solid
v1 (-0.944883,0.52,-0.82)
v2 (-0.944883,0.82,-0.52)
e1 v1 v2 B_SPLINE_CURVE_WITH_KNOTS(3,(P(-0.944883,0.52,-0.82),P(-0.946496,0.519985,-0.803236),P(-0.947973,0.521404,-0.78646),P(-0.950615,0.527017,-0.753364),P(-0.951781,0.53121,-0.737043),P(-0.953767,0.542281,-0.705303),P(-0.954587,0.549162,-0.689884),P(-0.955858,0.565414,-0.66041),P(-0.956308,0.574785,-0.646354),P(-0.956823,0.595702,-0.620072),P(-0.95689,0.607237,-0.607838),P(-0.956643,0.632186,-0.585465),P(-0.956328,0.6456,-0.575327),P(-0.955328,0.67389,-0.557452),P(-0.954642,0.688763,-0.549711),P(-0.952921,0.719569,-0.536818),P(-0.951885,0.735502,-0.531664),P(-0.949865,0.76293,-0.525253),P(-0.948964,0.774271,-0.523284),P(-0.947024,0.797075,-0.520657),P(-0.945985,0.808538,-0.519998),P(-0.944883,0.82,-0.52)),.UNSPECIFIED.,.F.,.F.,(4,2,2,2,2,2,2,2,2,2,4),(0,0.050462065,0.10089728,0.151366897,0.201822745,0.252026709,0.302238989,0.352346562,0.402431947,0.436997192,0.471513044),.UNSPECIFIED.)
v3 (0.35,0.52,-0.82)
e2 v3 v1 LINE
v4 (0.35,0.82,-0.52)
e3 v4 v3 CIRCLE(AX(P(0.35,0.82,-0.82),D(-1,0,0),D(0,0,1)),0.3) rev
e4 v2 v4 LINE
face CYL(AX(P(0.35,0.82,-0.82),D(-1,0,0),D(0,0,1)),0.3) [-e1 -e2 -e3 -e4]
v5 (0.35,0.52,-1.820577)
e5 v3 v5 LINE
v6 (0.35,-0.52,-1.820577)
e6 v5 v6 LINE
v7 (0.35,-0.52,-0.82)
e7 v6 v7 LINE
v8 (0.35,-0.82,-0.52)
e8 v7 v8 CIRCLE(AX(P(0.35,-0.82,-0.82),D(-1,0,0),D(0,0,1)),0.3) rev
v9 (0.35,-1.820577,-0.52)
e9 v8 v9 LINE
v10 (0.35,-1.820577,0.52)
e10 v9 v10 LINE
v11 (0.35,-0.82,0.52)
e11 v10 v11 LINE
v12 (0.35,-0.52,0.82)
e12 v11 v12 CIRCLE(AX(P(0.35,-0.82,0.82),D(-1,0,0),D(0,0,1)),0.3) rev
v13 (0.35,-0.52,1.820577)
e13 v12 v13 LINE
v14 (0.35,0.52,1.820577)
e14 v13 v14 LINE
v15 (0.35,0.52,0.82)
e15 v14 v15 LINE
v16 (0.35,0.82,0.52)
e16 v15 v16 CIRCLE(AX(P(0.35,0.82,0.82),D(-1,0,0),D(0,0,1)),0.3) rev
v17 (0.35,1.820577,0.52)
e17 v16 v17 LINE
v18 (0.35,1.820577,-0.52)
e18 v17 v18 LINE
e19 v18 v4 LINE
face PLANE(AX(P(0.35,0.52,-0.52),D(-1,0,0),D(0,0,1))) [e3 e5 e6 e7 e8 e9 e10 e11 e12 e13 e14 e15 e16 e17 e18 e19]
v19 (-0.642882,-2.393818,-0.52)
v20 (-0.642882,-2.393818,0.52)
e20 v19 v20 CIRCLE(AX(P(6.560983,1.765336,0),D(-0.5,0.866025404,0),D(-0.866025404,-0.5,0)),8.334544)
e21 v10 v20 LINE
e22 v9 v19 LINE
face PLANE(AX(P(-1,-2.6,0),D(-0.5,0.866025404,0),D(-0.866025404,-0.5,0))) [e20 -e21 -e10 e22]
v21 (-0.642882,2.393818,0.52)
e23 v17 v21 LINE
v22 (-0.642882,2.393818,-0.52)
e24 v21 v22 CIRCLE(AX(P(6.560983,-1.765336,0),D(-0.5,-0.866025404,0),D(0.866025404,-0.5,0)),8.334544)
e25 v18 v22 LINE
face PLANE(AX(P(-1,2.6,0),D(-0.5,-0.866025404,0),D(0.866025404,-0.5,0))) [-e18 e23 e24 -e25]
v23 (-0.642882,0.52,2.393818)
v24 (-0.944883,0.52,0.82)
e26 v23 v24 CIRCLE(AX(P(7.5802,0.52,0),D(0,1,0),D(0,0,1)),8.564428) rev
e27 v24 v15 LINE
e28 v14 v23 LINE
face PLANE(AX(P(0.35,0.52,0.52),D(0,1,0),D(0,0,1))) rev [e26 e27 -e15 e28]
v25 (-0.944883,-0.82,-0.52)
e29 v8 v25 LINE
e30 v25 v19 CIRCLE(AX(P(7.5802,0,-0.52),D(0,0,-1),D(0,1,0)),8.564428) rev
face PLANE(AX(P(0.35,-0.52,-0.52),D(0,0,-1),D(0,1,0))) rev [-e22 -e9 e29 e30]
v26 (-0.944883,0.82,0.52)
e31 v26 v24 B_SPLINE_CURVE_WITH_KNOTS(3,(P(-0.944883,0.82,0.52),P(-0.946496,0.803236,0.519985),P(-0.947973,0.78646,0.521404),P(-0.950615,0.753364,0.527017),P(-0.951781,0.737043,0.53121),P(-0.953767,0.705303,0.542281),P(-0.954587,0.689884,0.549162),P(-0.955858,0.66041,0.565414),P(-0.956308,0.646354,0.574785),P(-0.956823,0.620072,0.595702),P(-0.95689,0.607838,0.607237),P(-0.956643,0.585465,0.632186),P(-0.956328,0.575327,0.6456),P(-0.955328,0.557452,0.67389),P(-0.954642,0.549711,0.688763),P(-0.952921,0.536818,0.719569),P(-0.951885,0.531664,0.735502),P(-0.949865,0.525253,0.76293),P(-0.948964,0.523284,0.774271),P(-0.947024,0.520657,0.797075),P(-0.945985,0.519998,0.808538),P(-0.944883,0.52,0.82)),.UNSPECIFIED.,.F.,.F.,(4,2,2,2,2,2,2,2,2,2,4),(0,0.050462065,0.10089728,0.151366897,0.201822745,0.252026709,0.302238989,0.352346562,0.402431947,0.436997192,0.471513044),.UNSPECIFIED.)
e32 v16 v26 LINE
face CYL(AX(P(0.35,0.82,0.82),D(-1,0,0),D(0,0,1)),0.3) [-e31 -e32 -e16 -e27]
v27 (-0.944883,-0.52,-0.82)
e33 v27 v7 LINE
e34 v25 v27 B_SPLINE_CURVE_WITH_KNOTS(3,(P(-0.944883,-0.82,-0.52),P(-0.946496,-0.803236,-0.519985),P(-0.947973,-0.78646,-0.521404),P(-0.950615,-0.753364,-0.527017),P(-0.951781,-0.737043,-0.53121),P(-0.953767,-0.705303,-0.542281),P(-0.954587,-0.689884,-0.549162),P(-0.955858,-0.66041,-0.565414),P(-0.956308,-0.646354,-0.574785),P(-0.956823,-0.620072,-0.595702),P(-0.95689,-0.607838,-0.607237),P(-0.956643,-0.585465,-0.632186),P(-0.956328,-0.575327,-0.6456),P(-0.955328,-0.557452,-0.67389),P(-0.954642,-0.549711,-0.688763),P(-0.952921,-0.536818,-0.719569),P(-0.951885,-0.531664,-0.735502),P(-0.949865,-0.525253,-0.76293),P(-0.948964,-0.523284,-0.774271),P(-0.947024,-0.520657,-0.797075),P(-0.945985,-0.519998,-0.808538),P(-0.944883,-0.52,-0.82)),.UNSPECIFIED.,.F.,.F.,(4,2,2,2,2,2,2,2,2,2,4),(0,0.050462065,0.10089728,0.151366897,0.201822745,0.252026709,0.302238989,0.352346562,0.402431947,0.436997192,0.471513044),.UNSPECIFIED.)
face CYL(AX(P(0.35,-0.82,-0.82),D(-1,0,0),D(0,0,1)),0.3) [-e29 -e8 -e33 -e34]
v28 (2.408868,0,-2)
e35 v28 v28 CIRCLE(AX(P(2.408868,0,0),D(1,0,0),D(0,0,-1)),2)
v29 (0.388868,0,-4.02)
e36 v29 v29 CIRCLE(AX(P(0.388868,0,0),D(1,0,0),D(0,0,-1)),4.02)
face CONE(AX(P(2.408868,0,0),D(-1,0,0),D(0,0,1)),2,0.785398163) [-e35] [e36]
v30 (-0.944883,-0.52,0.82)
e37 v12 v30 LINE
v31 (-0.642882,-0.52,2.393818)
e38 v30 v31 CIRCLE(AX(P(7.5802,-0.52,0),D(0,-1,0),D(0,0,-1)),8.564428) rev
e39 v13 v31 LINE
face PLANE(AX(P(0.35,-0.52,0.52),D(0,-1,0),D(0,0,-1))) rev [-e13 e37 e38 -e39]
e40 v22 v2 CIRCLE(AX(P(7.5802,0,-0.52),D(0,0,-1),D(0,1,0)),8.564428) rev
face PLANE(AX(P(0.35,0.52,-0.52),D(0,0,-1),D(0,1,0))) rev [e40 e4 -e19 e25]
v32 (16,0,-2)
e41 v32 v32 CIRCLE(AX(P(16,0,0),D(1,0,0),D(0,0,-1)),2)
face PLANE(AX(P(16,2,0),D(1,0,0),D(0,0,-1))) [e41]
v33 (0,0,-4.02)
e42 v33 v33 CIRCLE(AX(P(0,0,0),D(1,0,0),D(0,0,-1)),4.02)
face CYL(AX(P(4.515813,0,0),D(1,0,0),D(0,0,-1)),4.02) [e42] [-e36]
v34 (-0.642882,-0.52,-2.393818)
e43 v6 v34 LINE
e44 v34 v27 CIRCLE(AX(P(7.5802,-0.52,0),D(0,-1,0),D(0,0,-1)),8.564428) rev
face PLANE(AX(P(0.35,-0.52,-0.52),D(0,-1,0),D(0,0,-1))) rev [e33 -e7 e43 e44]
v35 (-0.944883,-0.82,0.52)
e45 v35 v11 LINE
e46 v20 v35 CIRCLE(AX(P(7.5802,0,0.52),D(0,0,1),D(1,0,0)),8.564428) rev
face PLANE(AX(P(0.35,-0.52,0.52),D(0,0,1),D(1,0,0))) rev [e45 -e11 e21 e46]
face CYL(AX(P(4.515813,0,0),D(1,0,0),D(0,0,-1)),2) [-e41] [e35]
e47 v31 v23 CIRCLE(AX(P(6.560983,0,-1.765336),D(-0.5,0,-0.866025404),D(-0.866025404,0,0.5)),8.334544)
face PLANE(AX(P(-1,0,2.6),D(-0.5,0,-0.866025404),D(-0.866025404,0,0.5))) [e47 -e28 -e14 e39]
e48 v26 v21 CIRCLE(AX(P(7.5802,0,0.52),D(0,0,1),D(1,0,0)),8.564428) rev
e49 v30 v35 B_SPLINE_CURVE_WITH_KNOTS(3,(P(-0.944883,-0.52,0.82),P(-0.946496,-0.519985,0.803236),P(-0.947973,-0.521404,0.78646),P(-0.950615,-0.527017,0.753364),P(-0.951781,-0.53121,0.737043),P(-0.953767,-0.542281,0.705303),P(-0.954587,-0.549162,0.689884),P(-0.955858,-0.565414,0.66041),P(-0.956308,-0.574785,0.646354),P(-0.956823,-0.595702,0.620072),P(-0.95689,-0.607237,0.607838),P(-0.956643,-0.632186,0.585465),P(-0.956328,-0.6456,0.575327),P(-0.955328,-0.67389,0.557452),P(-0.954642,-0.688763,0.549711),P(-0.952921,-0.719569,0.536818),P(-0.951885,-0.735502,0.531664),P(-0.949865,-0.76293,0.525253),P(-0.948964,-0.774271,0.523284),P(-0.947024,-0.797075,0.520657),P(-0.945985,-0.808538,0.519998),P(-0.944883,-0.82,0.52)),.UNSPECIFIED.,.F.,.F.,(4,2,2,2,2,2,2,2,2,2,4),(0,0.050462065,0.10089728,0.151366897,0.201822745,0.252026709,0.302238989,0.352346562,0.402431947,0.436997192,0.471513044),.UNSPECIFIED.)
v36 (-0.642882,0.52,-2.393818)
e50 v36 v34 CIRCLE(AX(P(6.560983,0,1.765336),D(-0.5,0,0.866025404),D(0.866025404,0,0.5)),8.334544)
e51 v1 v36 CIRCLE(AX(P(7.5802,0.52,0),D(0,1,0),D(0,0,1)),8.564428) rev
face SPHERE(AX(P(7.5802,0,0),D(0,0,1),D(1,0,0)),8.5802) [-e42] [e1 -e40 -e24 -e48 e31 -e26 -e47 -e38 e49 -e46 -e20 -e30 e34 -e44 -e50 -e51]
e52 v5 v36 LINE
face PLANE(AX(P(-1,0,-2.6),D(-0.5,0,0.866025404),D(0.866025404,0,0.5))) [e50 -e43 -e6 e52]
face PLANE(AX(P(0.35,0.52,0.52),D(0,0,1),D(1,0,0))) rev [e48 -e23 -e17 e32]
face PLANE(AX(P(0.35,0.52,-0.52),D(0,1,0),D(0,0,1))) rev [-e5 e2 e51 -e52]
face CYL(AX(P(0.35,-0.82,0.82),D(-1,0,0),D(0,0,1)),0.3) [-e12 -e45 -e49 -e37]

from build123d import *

# Parameters (mm, degrees)
BASETOP_FACE_RADIUS = 4.02
BASETOP_HEIGHT      = 1
CROSSRECESS_DEPTH   = 1.35
DRAFT9_ANGLE        = -30
FILLET5_R           = 0.3


with BuildPart() as part:
    # Sketch1 → Base (revolve)
    with BuildSketch(Plane.XY, mode=Mode.PRIVATE) as base_sk:
        Polygon((16, 2), (4.187867966, 2), (2.408867966, 2), (0.388867966, 4.02), (0, 4.02), (0, 0), (16, 0), align=None)
    revolve(base_sk.sketch.rotate(Axis((4.515812911, 0, 0), (-1, 0, 0)), 90), axis=Axis((4.515812911, 0, 0), (-1, 0, 0)))

    # BaseTop: a dome of height H over a round flat face of radius A is a cap of a sphere of radius (A * A + H * H) / (2 * H)
    basetop_r = (BASETOP_FACE_RADIUS * BASETOP_FACE_RADIUS + BASETOP_HEIGHT * BASETOP_HEIGHT) / (2 * BASETOP_HEIGHT)
    basetop_base = Plane((0, 0, 0), z_dir=(-1, 0, 0))
    with Locations(basetop_base.offset(BASETOP_HEIGHT - basetop_r)):
        basetop_ball = Sphere(basetop_r, mode=Mode.PRIVATE)
    add(split(basetop_ball, bisect_by=basetop_base, keep=Keep.TOP, mode=Mode.PRIVATE))

    # Sketch6 → CrossRecess (cut)
    with BuildSketch(Plane.ZY.offset(1)):
        Polygon((0.52, 0.52), (0.52, 2.6), (-0.52, 2.6), (-0.52, 0.52), (-2.6, 0.52), (-2.6, -0.52), (-0.52, -0.52), (-0.52, -2.6), (0.52, -2.6), (0.52, -0.52), (2.6, -0.52), (2.6, 0.52), align=None)
    extrude(amount=-CROSSRECESS_DEPTH, mode=Mode.SUBTRACT)

    # Draft9
    draft9_faces = [part.faces().sort_by_distance(p)[0] for p in [
        (-0.120548575, 0, -2.6),
        (-0.120548575, -2.6, 0),
        (-0.120548575, 0, 2.6),
        (-0.120548575, 2.6, 0),
    ]]
    draft(draft9_faces, Plane(origin=(-1, 0, 0), x_dir=(0, 0, 1), z_dir=(1, 0, 0)), DRAFT9_ANGLE)

    # Fillet5
    fillet5_edges = [part.edges().sort_by_distance(p)[0] for p in [
        (-0.309213747, 0.52, -0.52),
        (-0.309213747, 0.52, 0.52),
        (-0.309213747, -0.52, 0.52),
        (-0.309213747, -0.52, -0.52),
    ]]
    fillet(fillet5_edges, radius=FILLET5_R)


solid = part.part
